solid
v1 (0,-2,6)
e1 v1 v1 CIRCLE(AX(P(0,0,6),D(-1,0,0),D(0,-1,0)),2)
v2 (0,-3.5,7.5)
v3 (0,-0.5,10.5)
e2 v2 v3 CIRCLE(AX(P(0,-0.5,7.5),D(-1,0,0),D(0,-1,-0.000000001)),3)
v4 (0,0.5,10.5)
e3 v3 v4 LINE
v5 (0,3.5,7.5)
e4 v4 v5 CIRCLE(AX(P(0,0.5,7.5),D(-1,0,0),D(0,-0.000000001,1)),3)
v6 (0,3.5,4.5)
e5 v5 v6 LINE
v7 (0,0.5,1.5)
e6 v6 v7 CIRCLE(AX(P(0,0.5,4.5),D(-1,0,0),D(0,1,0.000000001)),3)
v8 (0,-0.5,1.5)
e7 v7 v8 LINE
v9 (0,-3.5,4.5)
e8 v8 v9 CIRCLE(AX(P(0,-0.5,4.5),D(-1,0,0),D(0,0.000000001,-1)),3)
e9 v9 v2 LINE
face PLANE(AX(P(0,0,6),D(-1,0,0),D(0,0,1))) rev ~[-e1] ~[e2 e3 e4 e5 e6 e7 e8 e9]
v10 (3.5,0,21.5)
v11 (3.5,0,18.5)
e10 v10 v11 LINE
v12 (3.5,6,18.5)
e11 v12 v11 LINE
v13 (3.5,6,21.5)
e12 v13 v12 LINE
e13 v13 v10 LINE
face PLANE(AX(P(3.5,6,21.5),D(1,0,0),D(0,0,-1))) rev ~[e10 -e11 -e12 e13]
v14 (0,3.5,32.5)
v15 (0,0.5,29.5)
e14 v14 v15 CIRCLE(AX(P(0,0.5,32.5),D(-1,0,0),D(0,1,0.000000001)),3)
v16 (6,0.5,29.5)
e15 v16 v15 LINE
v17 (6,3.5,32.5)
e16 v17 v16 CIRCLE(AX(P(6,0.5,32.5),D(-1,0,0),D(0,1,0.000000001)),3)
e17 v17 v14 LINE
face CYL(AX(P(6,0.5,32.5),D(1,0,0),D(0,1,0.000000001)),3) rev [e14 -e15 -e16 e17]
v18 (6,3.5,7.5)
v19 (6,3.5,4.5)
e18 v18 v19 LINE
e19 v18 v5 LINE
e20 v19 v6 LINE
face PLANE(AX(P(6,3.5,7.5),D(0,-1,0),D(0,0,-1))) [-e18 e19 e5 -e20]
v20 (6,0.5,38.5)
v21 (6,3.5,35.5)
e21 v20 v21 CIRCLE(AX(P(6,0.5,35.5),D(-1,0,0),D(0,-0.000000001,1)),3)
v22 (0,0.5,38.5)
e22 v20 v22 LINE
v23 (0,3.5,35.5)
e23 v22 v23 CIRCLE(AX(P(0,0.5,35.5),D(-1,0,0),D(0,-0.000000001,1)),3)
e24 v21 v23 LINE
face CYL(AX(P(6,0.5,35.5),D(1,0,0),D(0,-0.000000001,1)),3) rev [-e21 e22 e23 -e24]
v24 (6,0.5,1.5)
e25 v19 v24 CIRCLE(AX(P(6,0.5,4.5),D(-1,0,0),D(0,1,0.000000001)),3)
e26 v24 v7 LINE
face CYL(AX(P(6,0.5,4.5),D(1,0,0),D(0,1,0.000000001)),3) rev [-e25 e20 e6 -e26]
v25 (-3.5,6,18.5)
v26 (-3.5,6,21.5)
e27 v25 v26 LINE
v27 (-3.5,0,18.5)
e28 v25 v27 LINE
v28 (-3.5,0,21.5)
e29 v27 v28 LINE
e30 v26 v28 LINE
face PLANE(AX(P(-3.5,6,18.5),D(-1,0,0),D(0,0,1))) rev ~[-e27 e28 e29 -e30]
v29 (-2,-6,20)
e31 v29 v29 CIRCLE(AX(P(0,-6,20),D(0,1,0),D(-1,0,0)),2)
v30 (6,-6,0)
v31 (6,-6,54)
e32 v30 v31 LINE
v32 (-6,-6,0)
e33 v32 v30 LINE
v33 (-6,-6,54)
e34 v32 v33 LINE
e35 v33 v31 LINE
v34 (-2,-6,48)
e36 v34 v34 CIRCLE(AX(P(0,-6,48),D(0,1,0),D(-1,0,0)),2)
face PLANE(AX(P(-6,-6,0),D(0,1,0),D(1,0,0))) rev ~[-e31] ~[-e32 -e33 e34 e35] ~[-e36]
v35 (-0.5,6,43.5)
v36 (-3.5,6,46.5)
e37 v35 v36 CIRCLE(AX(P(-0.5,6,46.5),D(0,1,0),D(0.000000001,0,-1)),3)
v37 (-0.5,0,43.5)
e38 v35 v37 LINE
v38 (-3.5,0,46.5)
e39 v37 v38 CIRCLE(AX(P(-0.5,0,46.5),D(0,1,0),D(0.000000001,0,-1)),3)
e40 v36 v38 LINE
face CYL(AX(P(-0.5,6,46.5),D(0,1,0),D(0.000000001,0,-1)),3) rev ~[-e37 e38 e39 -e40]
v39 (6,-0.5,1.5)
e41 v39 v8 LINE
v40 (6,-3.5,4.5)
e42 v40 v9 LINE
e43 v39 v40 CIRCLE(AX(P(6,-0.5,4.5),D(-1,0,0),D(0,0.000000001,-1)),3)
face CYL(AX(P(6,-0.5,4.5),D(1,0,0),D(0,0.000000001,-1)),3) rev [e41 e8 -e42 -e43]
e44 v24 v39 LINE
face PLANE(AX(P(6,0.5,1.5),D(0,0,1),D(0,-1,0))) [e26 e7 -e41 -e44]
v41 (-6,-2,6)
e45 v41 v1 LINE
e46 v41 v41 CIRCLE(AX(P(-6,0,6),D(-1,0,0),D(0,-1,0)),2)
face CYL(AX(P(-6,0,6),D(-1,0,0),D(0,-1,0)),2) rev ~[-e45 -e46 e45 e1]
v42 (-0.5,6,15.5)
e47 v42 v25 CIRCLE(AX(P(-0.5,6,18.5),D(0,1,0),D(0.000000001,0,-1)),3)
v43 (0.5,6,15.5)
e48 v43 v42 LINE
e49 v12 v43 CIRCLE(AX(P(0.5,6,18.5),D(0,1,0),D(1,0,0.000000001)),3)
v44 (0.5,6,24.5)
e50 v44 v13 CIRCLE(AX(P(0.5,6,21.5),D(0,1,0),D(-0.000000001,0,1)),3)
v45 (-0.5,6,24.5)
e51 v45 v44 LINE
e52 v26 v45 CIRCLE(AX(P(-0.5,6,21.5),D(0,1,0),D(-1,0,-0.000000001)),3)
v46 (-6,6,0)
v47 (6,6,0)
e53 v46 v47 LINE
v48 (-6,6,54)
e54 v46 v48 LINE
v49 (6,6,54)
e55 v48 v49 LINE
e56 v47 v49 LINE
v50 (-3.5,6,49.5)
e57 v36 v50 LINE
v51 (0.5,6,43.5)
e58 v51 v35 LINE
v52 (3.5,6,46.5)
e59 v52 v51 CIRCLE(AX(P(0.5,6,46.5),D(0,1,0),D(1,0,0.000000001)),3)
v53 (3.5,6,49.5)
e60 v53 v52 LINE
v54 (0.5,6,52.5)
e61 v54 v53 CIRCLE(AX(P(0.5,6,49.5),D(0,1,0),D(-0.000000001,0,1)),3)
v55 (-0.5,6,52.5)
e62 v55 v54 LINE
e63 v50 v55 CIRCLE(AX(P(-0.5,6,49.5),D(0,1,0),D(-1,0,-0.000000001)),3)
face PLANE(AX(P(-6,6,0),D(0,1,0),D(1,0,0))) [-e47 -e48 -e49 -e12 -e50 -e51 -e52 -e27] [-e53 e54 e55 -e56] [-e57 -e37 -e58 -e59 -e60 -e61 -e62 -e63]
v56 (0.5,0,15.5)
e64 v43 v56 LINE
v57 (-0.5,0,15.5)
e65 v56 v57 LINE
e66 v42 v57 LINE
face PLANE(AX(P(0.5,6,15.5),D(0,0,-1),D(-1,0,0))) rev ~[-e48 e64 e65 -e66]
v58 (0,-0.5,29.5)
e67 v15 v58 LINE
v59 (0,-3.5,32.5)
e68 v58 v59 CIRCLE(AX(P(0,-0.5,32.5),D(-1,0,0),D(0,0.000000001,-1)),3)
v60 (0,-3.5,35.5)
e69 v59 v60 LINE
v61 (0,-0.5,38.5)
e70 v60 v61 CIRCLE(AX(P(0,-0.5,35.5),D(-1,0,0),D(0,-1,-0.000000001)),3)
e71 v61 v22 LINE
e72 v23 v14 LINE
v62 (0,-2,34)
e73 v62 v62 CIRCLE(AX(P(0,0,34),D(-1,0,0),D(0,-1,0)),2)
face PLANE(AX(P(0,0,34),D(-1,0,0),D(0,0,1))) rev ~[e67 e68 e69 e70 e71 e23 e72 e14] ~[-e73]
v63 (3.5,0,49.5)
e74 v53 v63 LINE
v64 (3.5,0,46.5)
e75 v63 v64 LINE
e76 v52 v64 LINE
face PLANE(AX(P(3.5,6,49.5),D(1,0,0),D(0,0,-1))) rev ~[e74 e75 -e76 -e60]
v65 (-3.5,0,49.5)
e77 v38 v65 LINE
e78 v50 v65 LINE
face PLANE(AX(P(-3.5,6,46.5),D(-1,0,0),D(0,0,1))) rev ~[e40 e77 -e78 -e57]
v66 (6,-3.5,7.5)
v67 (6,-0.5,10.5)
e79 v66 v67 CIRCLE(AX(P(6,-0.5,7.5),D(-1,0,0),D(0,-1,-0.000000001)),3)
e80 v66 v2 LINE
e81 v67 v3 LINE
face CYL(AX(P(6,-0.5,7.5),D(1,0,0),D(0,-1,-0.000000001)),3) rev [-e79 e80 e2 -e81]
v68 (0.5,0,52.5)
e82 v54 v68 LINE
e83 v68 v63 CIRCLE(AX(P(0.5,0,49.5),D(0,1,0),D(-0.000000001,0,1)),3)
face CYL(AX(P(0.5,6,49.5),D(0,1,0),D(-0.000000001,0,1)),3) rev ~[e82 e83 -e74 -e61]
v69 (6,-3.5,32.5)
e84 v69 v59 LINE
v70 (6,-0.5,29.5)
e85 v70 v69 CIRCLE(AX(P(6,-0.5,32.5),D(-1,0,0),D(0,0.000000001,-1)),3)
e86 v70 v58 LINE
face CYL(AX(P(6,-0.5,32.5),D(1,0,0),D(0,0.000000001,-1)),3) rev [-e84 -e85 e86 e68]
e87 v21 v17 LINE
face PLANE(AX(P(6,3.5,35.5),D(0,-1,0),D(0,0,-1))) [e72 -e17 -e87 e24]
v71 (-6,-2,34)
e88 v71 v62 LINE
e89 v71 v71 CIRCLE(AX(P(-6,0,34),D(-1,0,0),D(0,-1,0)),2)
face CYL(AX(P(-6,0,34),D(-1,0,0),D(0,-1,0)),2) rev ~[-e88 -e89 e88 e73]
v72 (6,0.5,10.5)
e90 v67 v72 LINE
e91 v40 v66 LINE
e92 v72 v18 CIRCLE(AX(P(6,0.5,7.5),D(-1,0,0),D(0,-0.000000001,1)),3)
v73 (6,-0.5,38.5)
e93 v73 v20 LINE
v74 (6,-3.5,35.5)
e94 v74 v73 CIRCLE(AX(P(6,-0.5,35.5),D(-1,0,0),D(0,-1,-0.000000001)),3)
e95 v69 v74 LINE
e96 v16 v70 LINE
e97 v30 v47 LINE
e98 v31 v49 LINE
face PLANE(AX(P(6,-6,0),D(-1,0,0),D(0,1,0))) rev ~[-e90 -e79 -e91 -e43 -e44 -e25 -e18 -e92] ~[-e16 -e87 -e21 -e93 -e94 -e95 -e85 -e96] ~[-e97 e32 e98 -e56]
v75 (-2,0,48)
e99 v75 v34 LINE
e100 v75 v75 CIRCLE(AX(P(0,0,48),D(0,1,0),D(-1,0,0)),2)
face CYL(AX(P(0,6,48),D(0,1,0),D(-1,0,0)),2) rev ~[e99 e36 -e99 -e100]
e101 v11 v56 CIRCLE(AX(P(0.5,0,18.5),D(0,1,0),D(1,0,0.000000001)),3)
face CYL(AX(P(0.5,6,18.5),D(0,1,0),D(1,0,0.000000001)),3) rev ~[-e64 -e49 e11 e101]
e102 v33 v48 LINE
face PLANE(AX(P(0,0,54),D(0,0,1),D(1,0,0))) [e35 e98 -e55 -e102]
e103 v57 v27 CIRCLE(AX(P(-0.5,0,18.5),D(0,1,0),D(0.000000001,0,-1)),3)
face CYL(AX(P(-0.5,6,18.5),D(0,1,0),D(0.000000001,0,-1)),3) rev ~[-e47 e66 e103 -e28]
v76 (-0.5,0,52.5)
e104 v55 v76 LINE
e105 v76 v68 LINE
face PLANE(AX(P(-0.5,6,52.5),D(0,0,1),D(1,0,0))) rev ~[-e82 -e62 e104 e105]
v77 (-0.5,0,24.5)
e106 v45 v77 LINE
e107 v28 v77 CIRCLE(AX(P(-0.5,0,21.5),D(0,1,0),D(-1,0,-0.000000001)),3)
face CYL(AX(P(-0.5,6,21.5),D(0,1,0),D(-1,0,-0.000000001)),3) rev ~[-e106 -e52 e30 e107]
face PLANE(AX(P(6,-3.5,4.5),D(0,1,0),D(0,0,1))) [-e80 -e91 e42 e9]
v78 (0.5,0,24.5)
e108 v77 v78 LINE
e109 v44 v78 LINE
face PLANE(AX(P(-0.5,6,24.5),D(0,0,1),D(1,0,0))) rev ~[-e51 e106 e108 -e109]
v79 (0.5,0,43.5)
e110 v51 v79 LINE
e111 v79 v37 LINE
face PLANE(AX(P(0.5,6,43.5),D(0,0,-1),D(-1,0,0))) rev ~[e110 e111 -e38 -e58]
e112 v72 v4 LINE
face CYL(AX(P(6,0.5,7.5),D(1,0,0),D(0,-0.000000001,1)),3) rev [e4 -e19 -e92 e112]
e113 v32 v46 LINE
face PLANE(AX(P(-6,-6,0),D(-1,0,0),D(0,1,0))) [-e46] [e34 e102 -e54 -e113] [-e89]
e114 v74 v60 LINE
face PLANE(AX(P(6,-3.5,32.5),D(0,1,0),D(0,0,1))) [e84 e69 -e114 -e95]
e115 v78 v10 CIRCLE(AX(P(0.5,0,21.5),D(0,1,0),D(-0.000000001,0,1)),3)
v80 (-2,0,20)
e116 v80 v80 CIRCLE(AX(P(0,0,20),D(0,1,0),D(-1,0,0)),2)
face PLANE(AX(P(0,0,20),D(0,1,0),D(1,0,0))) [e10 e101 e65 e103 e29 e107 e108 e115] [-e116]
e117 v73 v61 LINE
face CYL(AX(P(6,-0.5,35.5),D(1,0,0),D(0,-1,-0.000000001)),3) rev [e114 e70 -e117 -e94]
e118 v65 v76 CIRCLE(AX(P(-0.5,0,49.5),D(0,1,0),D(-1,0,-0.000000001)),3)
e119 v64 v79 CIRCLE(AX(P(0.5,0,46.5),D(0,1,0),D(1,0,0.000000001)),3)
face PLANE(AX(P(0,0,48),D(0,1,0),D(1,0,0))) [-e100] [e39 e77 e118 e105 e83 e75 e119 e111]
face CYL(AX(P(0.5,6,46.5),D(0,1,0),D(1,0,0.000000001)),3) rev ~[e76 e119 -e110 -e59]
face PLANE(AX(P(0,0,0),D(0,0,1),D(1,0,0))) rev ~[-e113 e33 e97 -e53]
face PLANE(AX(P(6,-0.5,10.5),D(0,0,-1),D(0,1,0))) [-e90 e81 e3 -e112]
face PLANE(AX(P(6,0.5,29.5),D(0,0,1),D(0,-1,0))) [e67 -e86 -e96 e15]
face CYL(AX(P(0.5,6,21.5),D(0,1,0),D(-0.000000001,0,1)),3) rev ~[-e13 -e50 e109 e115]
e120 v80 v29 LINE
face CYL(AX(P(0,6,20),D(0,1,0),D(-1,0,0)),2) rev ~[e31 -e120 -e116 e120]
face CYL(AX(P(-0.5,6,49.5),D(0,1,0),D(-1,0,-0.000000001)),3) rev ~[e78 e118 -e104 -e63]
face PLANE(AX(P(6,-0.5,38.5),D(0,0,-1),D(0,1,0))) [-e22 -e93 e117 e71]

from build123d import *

# Parameters (mm, degrees)
SKETCH1_W           = 12
SKETCH1_H           = 12
BOSS_EXTRUDE1_DEPTH = 54
SKETCH2_R           = 2
CUT_EXTRUDE1_DEPTH  = 14
SKETCH3_R           = 2
CUT_EXTRUDE2_DEPTH  = 14
CUT_EXTRUDE3_DEPTH  = 6
CUT_EXTRUDE4_DEPTH  = 6


with BuildPart() as part:
    # Sketch1 → Boss-Extrude1 (new body)
    with BuildSketch(Plane.XY):
        Rectangle(SKETCH1_W, SKETCH1_H)
    extrude(amount=BOSS_EXTRUDE1_DEPTH)

    # Sketch2 → Cut-Extrude1 (cut)
    with BuildSketch(Plane(origin=(0, 6, 0), x_dir=(1, 0, 0), z_dir=(0, 1, 0))):
        with Locations(Location((0, -20, 0), (0, 0, 180))):
            Circle(SKETCH2_R)
        with Locations(Location((0, -48, 0), (0, 0, 180))):
            Circle(SKETCH2_R)
    extrude(amount=-CUT_EXTRUDE1_DEPTH, mode=Mode.SUBTRACT)

    # Sketch3 → Cut-Extrude2 (cut)
    with BuildSketch(Plane.ZY.offset(6)):
        with Locations(Location((34, 0, 0), (0, 0, 270))):
            Circle(SKETCH3_R)
        with Locations(Location((6, 0, 0), (0, 0, 270))):
            Circle(SKETCH3_R)
    extrude(amount=-CUT_EXTRUDE2_DEPTH, mode=Mode.SUBTRACT)

    # Sketch4 → Cut-Extrude3 (cut)
    with BuildSketch(Plane(origin=(6, 0, 0), x_dir=(0, 0, -1), z_dir=(1, 0, 0))):
        with BuildLine():
            Line((-4.5, -3.5), (-7.5, -3.5))
            ThreePointArc((-7.5, -3.5), (-9.621320344, -2.621320344), (-10.5, -0.5))
            Line((-10.5, -0.5), (-10.5, 0.5))
            ThreePointArc((-10.5, 0.5), (-9.621320344, 2.621320344), (-7.5, 3.5))
            Line((-7.5, 3.5), (-4.5, 3.5))
            ThreePointArc((-4.5, 3.5), (-2.378679656, 2.621320344), (-1.5, 0.5))
            Line((-1.5, 0.5), (-1.5, -0.5))
            ThreePointArc((-1.5, -0.5), (-2.378679656, -2.621320344), (-4.5, -3.5))
        make_face()
        with BuildLine():
            Line((-38.5, -0.5), (-38.5, 0.5))
            ThreePointArc((-38.5, 0.5), (-37.621320344, 2.621320344), (-35.5, 3.5))
            Line((-35.5, 3.5), (-32.5, 3.5))
            ThreePointArc((-32.5, 3.5), (-30.378679656, 2.621320344), (-29.5, 0.5))
            Line((-29.5, 0.5), (-29.5, -0.5))
            ThreePointArc((-29.5, -0.5), (-30.378679656, -2.621320344), (-32.5, -3.5))
            Line((-32.5, -3.5), (-35.5, -3.5))
            ThreePointArc((-35.5, -3.5), (-37.621320344, -2.621320344), (-38.5, -0.5))
        make_face()
    extrude(amount=-CUT_EXTRUDE3_DEPTH, mode=Mode.SUBTRACT)

    # Sketch5 → Cut-Extrude4 (cut)
    with BuildSketch(Plane(origin=(0, 6, 0), x_dir=(1, 0, 0), z_dir=(0, 1, 0))):
        with BuildLine():
            Line((-0.5, -52.5), (0.5, -52.5))
            ThreePointArc((0.5, -52.5), (2.621320344, -51.621320344), (3.5, -49.5))
            Line((3.5, -49.5), (3.5, -46.5))
            ThreePointArc((3.5, -46.5), (2.621320344, -44.378679656), (0.5, -43.5))
            Line((0.5, -43.5), (-0.5, -43.5))
            ThreePointArc((-0.5, -43.5), (-2.621320344, -44.378679656), (-3.5, -46.5))
            Line((-3.5, -46.5), (-3.5, -49.5))
            ThreePointArc((-3.5, -49.5), (-2.621320344, -51.621320344), (-0.5, -52.5))
        make_face()
        with BuildLine():
            Line((-0.5, -24.5), (0.5, -24.5))
            ThreePointArc((0.5, -24.5), (2.621320344, -23.621320344), (3.5, -21.5))
            Line((3.5, -21.5), (3.5, -18.5))
            ThreePointArc((3.5, -18.5), (2.621320344, -16.378679656), (0.5, -15.5))
            Line((0.5, -15.5), (-0.5, -15.5))
            ThreePointArc((-0.5, -15.5), (-2.621320344, -16.378679656), (-3.5, -18.5))
            Line((-3.5, -18.5), (-3.5, -21.5))
            ThreePointArc((-3.5, -21.5), (-2.621320344, -23.621320344), (-0.5, -24.5))
        make_face()
    extrude(amount=-CUT_EXTRUDE4_DEPTH, mode=Mode.SUBTRACT)


solid = part.part
